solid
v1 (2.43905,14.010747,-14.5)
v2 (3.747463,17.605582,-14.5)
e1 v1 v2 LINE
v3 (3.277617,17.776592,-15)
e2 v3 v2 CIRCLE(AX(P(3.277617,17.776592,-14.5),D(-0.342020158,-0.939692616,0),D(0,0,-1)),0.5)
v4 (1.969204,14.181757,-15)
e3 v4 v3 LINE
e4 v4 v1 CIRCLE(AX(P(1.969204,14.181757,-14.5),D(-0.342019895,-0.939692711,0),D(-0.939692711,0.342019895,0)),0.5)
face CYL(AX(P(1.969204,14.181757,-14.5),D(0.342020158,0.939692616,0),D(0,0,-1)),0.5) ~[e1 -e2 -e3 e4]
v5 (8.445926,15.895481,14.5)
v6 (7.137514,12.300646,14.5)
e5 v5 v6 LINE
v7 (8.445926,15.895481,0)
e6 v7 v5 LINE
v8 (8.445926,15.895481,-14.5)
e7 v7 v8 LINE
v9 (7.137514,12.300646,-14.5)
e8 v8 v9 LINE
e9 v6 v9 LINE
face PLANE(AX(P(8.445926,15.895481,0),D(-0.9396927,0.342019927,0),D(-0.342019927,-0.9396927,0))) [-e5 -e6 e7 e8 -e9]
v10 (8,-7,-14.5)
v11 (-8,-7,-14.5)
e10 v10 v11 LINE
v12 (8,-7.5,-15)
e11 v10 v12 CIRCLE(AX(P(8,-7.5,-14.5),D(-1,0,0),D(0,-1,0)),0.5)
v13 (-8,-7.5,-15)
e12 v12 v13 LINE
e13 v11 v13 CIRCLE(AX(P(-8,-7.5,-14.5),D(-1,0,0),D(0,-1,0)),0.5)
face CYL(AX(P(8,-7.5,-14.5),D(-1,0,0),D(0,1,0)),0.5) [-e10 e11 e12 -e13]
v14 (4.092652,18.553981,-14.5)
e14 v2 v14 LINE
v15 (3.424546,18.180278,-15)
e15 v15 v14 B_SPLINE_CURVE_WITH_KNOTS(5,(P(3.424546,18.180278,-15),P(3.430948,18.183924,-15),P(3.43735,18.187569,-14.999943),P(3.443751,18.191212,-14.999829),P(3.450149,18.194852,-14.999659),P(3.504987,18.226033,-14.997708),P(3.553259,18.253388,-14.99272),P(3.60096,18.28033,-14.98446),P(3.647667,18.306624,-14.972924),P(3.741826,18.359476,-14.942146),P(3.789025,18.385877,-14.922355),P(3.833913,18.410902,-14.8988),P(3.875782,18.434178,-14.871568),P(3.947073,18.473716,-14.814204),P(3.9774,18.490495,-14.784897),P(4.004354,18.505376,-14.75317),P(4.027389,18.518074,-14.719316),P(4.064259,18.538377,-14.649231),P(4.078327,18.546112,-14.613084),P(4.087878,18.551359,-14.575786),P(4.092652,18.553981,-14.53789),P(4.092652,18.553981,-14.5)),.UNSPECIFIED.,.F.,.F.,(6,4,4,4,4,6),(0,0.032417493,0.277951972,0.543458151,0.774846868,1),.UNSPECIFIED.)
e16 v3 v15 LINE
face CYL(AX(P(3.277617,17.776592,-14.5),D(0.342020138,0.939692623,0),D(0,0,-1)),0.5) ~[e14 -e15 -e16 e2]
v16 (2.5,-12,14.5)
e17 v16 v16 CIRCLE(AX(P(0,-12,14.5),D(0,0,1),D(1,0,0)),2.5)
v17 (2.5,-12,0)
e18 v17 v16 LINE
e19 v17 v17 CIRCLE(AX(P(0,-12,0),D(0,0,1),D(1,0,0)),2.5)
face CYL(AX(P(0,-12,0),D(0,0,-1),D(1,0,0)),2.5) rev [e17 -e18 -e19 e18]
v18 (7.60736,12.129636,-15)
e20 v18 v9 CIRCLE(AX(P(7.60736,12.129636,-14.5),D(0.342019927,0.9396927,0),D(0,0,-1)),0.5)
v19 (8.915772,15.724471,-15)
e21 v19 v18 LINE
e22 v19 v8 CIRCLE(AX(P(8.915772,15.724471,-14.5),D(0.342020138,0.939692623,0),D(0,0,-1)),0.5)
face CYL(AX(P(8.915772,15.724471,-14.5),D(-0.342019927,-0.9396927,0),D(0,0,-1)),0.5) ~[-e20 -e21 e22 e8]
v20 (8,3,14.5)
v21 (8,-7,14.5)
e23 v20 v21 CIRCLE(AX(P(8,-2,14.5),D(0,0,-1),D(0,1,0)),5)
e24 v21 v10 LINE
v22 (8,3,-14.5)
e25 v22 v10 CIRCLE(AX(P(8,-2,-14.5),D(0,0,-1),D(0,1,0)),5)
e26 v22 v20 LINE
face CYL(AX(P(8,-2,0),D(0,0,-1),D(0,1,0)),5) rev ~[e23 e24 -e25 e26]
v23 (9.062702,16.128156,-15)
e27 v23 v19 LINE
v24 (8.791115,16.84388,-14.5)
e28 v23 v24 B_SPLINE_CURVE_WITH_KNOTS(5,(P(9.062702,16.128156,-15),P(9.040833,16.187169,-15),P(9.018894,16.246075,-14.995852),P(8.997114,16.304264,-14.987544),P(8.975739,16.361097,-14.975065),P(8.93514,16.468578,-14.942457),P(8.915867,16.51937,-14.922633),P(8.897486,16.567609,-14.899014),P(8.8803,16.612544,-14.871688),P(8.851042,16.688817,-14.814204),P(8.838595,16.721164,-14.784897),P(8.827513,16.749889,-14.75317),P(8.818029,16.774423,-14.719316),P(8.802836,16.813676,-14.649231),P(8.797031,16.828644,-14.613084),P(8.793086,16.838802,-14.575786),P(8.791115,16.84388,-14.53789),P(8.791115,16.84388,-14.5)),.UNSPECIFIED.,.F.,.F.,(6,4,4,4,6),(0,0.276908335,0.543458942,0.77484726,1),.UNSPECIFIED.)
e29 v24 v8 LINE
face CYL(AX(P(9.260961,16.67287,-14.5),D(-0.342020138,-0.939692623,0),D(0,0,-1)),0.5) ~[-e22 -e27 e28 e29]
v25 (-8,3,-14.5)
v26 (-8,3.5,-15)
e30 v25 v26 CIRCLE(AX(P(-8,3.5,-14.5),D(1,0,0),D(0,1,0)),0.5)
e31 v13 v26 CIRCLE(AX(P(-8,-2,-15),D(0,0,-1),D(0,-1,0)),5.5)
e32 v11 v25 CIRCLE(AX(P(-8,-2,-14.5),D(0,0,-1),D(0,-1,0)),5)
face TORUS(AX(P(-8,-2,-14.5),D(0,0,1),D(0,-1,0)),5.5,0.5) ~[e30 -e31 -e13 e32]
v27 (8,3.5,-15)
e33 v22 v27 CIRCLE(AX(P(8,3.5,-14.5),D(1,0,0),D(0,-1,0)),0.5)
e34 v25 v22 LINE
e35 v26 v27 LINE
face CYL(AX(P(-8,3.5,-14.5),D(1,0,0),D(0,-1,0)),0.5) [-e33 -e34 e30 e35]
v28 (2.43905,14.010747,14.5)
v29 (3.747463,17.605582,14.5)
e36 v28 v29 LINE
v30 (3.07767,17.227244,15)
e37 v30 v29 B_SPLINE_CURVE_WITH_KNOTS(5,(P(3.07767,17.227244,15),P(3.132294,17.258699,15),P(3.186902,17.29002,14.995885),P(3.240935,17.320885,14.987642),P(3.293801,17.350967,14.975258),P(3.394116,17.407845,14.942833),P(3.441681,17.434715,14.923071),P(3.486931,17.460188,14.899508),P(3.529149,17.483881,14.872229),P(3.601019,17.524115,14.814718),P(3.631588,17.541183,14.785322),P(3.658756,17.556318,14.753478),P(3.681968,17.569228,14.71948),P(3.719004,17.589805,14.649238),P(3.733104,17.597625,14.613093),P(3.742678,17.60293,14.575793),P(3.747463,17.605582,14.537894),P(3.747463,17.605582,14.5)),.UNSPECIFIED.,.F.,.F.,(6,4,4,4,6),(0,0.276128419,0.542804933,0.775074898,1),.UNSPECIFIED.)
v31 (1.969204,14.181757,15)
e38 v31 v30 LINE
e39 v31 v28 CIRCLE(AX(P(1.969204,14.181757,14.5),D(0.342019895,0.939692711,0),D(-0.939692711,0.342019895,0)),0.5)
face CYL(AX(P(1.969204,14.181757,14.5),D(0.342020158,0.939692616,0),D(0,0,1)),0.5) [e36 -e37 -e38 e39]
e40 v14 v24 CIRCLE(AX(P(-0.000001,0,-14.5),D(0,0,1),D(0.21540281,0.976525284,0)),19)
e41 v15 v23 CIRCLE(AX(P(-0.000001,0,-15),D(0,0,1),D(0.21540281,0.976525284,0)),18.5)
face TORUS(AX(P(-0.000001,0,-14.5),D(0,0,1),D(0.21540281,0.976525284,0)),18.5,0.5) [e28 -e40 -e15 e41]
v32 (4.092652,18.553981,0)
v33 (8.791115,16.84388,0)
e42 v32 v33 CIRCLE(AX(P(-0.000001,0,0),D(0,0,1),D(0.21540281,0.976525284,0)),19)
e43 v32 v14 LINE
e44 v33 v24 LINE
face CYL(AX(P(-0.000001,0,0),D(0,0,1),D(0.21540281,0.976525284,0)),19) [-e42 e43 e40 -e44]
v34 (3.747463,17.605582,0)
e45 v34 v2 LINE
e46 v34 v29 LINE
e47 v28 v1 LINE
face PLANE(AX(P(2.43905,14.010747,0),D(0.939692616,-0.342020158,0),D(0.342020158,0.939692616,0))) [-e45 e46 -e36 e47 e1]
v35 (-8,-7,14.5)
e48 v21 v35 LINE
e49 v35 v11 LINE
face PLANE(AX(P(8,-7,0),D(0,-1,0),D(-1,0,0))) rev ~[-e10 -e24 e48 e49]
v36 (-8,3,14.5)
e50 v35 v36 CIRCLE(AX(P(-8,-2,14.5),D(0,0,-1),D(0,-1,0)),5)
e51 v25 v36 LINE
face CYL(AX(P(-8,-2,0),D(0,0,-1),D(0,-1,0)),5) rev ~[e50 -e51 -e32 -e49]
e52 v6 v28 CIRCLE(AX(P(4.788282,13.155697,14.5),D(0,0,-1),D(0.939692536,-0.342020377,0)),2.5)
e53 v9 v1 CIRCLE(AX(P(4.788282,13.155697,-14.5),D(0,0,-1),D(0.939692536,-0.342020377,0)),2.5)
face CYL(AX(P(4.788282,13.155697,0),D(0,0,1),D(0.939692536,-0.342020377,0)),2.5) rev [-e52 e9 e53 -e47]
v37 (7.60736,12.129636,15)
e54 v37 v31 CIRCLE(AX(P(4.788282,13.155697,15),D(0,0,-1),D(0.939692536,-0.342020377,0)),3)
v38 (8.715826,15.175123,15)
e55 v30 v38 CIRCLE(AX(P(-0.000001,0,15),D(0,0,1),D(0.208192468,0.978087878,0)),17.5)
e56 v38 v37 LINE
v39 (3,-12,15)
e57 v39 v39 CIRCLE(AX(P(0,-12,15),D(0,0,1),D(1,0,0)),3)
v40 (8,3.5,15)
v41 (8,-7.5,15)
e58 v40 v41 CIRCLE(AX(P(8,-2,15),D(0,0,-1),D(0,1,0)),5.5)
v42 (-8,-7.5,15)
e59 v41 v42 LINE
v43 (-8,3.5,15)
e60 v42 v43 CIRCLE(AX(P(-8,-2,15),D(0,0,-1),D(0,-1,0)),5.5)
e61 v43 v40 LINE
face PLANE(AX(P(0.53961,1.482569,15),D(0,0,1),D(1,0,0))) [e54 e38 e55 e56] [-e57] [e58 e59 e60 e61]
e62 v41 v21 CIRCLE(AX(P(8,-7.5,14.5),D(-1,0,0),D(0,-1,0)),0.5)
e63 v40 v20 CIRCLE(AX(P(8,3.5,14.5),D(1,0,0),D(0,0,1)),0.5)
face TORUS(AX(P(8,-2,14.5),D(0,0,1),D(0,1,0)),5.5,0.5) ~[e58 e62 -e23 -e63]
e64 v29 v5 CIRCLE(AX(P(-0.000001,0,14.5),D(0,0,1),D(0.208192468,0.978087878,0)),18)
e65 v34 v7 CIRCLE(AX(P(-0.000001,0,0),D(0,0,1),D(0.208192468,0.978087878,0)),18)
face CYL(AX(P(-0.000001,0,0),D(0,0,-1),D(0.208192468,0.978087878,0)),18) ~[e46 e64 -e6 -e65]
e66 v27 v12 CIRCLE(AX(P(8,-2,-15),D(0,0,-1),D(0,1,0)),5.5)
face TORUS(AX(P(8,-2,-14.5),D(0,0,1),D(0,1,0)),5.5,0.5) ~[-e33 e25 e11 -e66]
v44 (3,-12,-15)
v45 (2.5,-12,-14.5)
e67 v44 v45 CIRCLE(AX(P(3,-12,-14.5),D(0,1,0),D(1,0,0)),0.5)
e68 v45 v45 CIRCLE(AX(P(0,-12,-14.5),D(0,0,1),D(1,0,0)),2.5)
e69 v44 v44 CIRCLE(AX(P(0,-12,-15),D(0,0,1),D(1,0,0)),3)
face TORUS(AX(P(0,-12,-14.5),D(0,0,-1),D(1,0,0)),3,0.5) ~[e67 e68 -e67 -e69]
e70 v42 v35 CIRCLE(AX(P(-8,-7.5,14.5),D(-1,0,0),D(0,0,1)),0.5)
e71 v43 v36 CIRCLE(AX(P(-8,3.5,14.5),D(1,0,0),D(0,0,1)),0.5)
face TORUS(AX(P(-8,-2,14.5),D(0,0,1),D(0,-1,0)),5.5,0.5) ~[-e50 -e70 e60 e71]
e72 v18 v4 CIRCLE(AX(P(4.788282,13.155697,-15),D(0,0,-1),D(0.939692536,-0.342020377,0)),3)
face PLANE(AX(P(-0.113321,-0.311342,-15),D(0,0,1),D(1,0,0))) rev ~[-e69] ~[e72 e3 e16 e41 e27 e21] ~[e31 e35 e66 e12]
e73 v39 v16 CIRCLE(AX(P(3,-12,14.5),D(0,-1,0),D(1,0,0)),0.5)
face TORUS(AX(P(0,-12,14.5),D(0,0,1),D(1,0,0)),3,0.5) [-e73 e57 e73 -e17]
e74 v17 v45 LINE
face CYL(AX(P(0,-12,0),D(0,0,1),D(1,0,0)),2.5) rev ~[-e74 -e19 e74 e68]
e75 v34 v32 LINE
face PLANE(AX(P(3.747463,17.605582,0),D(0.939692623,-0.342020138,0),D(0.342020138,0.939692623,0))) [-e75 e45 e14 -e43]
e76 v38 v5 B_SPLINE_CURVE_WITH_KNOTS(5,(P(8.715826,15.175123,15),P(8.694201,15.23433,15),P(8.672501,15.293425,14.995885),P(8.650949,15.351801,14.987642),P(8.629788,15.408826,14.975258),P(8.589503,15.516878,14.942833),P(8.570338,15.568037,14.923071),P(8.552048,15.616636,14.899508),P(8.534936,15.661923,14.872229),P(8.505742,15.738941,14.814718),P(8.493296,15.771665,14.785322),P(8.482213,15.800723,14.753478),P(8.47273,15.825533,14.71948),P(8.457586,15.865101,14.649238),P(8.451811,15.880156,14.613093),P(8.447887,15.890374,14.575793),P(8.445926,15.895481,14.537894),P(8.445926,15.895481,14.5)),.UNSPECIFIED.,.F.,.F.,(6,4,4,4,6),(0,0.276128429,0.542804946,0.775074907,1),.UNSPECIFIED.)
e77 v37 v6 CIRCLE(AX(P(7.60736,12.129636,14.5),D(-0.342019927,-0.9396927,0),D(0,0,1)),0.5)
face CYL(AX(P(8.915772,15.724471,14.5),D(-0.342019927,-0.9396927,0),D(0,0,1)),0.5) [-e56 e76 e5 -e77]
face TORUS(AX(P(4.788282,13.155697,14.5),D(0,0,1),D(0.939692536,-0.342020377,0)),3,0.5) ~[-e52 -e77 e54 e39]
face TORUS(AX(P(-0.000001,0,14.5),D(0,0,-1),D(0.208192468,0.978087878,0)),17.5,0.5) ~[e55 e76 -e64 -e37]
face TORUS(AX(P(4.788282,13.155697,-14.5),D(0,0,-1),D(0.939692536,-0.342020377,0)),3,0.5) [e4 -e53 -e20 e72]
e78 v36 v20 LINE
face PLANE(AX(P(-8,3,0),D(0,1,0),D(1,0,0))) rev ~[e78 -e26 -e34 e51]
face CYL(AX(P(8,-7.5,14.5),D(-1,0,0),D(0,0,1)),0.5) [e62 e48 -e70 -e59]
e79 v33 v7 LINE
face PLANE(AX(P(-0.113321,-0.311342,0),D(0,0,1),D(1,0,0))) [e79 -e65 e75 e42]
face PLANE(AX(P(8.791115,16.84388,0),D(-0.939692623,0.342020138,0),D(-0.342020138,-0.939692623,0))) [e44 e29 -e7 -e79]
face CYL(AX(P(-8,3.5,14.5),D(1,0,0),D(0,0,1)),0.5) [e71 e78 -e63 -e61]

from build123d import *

# Parameters (mm, degrees)
F0_R     = 2.5
F1_DEPTH = 15
F2_DEPTH = 15
F3_R     = 0.5
F4_R     = 0.5


with BuildPart() as f1:
    # F0 (on Top) → F1 (new body)
    with BuildSketch(Plane.XY):
        with BuildLine():
            Line((2.43905, 14.010747), (3.747463, 17.605582))
            ThreePointArc((3.747463, 17.605582), (-6.156363, -16.914467), (8.445926, 15.895481))
            Line((8.445926, 15.895481), (7.137514, 12.300646))
            ThreePointArc((7.137514, 12.300646), (3.933232, 10.806465), (2.43905, 14.010747))
        make_face()
        with Locations((0, -12)):
            Circle(F0_R, mode=Mode.SUBTRACT)
        with BuildLine():
            ThreePointArc((-8, -7), (-13, -2), (-8, 3))
            Line((-8, 3), (8, 3))
            ThreePointArc((8, 3), (13, -2), (8, -7))
            Line((8, -7), (-8, -7))
        make_face(mode=Mode.SUBTRACT)
    extrude(amount=F1_DEPTH)

    # F0 (on Top) → F2 (join)
    with BuildSketch(Plane.XY):
        with BuildLine():
            Line((3.747463, 17.605582), (4.092652, 18.553981))
            ThreePointArc((4.092652, 18.553981), (-6.498383, -17.85416), (8.791115, 16.84388))
            Line((8.791115, 16.84388), (8.445926, 15.895481))
            ThreePointArc((8.445926, 15.895481), (-6.156363, -16.914467), (3.747463, 17.605582))
        make_face()
        with BuildLine():
            Line((2.43905, 14.010747), (3.747463, 17.605582))
            ThreePointArc((3.747463, 17.605582), (-6.156363, -16.914467), (8.445926, 15.895481))
            Line((8.445926, 15.895481), (7.137514, 12.300646))
            ThreePointArc((7.137514, 12.300646), (3.933232, 10.806465), (2.43905, 14.010747))
        make_face()
        with Locations((0, -12)):
            Circle(F0_R, mode=Mode.SUBTRACT)
        with BuildLine():
            ThreePointArc((-8, -7), (-13, -2), (-8, 3))
            Line((-8, 3), (8, 3))
            ThreePointArc((8, 3), (13, -2), (8, -7))
            Line((8, -7), (-8, -7))
        make_face(mode=Mode.SUBTRACT)
    extrude(amount=-F2_DEPTH)

    # F3
    f3_edges = [f1.edges().sort_by_distance(p)[0] for p in [
        (7.79172, 14.098064, 15),
        (3.933232, 10.806465, 15),
        (3.093257, 15.808165, 15),
        (-6.156363, -16.914467, 15),
        (-2.5, -12, 15),
        (0, 3, 15),
        (13, -2, 15),
        (0, -7, 15),
        (-13, -2, 15),
    ]]
    fillet(f3_edges, radius=F3_R)

    # F4
    f4_edges = [f1.edges().sort_by_distance(p)[0] for p in [
        (7.964314, 14.572263, -15),
        (3.933232, 10.806465, -15),
        (3.265851, 16.282364, -15),
        (-6.498383, -17.85416, -15),
        (-13, -2, -15),
        (0, 3, -15),
        (13, -2, -15),
        (0, -7, -15),
        (-2.5, -12, -15),
    ]]
    fillet(f4_edges, radius=F4_R)


solid = f1.part
